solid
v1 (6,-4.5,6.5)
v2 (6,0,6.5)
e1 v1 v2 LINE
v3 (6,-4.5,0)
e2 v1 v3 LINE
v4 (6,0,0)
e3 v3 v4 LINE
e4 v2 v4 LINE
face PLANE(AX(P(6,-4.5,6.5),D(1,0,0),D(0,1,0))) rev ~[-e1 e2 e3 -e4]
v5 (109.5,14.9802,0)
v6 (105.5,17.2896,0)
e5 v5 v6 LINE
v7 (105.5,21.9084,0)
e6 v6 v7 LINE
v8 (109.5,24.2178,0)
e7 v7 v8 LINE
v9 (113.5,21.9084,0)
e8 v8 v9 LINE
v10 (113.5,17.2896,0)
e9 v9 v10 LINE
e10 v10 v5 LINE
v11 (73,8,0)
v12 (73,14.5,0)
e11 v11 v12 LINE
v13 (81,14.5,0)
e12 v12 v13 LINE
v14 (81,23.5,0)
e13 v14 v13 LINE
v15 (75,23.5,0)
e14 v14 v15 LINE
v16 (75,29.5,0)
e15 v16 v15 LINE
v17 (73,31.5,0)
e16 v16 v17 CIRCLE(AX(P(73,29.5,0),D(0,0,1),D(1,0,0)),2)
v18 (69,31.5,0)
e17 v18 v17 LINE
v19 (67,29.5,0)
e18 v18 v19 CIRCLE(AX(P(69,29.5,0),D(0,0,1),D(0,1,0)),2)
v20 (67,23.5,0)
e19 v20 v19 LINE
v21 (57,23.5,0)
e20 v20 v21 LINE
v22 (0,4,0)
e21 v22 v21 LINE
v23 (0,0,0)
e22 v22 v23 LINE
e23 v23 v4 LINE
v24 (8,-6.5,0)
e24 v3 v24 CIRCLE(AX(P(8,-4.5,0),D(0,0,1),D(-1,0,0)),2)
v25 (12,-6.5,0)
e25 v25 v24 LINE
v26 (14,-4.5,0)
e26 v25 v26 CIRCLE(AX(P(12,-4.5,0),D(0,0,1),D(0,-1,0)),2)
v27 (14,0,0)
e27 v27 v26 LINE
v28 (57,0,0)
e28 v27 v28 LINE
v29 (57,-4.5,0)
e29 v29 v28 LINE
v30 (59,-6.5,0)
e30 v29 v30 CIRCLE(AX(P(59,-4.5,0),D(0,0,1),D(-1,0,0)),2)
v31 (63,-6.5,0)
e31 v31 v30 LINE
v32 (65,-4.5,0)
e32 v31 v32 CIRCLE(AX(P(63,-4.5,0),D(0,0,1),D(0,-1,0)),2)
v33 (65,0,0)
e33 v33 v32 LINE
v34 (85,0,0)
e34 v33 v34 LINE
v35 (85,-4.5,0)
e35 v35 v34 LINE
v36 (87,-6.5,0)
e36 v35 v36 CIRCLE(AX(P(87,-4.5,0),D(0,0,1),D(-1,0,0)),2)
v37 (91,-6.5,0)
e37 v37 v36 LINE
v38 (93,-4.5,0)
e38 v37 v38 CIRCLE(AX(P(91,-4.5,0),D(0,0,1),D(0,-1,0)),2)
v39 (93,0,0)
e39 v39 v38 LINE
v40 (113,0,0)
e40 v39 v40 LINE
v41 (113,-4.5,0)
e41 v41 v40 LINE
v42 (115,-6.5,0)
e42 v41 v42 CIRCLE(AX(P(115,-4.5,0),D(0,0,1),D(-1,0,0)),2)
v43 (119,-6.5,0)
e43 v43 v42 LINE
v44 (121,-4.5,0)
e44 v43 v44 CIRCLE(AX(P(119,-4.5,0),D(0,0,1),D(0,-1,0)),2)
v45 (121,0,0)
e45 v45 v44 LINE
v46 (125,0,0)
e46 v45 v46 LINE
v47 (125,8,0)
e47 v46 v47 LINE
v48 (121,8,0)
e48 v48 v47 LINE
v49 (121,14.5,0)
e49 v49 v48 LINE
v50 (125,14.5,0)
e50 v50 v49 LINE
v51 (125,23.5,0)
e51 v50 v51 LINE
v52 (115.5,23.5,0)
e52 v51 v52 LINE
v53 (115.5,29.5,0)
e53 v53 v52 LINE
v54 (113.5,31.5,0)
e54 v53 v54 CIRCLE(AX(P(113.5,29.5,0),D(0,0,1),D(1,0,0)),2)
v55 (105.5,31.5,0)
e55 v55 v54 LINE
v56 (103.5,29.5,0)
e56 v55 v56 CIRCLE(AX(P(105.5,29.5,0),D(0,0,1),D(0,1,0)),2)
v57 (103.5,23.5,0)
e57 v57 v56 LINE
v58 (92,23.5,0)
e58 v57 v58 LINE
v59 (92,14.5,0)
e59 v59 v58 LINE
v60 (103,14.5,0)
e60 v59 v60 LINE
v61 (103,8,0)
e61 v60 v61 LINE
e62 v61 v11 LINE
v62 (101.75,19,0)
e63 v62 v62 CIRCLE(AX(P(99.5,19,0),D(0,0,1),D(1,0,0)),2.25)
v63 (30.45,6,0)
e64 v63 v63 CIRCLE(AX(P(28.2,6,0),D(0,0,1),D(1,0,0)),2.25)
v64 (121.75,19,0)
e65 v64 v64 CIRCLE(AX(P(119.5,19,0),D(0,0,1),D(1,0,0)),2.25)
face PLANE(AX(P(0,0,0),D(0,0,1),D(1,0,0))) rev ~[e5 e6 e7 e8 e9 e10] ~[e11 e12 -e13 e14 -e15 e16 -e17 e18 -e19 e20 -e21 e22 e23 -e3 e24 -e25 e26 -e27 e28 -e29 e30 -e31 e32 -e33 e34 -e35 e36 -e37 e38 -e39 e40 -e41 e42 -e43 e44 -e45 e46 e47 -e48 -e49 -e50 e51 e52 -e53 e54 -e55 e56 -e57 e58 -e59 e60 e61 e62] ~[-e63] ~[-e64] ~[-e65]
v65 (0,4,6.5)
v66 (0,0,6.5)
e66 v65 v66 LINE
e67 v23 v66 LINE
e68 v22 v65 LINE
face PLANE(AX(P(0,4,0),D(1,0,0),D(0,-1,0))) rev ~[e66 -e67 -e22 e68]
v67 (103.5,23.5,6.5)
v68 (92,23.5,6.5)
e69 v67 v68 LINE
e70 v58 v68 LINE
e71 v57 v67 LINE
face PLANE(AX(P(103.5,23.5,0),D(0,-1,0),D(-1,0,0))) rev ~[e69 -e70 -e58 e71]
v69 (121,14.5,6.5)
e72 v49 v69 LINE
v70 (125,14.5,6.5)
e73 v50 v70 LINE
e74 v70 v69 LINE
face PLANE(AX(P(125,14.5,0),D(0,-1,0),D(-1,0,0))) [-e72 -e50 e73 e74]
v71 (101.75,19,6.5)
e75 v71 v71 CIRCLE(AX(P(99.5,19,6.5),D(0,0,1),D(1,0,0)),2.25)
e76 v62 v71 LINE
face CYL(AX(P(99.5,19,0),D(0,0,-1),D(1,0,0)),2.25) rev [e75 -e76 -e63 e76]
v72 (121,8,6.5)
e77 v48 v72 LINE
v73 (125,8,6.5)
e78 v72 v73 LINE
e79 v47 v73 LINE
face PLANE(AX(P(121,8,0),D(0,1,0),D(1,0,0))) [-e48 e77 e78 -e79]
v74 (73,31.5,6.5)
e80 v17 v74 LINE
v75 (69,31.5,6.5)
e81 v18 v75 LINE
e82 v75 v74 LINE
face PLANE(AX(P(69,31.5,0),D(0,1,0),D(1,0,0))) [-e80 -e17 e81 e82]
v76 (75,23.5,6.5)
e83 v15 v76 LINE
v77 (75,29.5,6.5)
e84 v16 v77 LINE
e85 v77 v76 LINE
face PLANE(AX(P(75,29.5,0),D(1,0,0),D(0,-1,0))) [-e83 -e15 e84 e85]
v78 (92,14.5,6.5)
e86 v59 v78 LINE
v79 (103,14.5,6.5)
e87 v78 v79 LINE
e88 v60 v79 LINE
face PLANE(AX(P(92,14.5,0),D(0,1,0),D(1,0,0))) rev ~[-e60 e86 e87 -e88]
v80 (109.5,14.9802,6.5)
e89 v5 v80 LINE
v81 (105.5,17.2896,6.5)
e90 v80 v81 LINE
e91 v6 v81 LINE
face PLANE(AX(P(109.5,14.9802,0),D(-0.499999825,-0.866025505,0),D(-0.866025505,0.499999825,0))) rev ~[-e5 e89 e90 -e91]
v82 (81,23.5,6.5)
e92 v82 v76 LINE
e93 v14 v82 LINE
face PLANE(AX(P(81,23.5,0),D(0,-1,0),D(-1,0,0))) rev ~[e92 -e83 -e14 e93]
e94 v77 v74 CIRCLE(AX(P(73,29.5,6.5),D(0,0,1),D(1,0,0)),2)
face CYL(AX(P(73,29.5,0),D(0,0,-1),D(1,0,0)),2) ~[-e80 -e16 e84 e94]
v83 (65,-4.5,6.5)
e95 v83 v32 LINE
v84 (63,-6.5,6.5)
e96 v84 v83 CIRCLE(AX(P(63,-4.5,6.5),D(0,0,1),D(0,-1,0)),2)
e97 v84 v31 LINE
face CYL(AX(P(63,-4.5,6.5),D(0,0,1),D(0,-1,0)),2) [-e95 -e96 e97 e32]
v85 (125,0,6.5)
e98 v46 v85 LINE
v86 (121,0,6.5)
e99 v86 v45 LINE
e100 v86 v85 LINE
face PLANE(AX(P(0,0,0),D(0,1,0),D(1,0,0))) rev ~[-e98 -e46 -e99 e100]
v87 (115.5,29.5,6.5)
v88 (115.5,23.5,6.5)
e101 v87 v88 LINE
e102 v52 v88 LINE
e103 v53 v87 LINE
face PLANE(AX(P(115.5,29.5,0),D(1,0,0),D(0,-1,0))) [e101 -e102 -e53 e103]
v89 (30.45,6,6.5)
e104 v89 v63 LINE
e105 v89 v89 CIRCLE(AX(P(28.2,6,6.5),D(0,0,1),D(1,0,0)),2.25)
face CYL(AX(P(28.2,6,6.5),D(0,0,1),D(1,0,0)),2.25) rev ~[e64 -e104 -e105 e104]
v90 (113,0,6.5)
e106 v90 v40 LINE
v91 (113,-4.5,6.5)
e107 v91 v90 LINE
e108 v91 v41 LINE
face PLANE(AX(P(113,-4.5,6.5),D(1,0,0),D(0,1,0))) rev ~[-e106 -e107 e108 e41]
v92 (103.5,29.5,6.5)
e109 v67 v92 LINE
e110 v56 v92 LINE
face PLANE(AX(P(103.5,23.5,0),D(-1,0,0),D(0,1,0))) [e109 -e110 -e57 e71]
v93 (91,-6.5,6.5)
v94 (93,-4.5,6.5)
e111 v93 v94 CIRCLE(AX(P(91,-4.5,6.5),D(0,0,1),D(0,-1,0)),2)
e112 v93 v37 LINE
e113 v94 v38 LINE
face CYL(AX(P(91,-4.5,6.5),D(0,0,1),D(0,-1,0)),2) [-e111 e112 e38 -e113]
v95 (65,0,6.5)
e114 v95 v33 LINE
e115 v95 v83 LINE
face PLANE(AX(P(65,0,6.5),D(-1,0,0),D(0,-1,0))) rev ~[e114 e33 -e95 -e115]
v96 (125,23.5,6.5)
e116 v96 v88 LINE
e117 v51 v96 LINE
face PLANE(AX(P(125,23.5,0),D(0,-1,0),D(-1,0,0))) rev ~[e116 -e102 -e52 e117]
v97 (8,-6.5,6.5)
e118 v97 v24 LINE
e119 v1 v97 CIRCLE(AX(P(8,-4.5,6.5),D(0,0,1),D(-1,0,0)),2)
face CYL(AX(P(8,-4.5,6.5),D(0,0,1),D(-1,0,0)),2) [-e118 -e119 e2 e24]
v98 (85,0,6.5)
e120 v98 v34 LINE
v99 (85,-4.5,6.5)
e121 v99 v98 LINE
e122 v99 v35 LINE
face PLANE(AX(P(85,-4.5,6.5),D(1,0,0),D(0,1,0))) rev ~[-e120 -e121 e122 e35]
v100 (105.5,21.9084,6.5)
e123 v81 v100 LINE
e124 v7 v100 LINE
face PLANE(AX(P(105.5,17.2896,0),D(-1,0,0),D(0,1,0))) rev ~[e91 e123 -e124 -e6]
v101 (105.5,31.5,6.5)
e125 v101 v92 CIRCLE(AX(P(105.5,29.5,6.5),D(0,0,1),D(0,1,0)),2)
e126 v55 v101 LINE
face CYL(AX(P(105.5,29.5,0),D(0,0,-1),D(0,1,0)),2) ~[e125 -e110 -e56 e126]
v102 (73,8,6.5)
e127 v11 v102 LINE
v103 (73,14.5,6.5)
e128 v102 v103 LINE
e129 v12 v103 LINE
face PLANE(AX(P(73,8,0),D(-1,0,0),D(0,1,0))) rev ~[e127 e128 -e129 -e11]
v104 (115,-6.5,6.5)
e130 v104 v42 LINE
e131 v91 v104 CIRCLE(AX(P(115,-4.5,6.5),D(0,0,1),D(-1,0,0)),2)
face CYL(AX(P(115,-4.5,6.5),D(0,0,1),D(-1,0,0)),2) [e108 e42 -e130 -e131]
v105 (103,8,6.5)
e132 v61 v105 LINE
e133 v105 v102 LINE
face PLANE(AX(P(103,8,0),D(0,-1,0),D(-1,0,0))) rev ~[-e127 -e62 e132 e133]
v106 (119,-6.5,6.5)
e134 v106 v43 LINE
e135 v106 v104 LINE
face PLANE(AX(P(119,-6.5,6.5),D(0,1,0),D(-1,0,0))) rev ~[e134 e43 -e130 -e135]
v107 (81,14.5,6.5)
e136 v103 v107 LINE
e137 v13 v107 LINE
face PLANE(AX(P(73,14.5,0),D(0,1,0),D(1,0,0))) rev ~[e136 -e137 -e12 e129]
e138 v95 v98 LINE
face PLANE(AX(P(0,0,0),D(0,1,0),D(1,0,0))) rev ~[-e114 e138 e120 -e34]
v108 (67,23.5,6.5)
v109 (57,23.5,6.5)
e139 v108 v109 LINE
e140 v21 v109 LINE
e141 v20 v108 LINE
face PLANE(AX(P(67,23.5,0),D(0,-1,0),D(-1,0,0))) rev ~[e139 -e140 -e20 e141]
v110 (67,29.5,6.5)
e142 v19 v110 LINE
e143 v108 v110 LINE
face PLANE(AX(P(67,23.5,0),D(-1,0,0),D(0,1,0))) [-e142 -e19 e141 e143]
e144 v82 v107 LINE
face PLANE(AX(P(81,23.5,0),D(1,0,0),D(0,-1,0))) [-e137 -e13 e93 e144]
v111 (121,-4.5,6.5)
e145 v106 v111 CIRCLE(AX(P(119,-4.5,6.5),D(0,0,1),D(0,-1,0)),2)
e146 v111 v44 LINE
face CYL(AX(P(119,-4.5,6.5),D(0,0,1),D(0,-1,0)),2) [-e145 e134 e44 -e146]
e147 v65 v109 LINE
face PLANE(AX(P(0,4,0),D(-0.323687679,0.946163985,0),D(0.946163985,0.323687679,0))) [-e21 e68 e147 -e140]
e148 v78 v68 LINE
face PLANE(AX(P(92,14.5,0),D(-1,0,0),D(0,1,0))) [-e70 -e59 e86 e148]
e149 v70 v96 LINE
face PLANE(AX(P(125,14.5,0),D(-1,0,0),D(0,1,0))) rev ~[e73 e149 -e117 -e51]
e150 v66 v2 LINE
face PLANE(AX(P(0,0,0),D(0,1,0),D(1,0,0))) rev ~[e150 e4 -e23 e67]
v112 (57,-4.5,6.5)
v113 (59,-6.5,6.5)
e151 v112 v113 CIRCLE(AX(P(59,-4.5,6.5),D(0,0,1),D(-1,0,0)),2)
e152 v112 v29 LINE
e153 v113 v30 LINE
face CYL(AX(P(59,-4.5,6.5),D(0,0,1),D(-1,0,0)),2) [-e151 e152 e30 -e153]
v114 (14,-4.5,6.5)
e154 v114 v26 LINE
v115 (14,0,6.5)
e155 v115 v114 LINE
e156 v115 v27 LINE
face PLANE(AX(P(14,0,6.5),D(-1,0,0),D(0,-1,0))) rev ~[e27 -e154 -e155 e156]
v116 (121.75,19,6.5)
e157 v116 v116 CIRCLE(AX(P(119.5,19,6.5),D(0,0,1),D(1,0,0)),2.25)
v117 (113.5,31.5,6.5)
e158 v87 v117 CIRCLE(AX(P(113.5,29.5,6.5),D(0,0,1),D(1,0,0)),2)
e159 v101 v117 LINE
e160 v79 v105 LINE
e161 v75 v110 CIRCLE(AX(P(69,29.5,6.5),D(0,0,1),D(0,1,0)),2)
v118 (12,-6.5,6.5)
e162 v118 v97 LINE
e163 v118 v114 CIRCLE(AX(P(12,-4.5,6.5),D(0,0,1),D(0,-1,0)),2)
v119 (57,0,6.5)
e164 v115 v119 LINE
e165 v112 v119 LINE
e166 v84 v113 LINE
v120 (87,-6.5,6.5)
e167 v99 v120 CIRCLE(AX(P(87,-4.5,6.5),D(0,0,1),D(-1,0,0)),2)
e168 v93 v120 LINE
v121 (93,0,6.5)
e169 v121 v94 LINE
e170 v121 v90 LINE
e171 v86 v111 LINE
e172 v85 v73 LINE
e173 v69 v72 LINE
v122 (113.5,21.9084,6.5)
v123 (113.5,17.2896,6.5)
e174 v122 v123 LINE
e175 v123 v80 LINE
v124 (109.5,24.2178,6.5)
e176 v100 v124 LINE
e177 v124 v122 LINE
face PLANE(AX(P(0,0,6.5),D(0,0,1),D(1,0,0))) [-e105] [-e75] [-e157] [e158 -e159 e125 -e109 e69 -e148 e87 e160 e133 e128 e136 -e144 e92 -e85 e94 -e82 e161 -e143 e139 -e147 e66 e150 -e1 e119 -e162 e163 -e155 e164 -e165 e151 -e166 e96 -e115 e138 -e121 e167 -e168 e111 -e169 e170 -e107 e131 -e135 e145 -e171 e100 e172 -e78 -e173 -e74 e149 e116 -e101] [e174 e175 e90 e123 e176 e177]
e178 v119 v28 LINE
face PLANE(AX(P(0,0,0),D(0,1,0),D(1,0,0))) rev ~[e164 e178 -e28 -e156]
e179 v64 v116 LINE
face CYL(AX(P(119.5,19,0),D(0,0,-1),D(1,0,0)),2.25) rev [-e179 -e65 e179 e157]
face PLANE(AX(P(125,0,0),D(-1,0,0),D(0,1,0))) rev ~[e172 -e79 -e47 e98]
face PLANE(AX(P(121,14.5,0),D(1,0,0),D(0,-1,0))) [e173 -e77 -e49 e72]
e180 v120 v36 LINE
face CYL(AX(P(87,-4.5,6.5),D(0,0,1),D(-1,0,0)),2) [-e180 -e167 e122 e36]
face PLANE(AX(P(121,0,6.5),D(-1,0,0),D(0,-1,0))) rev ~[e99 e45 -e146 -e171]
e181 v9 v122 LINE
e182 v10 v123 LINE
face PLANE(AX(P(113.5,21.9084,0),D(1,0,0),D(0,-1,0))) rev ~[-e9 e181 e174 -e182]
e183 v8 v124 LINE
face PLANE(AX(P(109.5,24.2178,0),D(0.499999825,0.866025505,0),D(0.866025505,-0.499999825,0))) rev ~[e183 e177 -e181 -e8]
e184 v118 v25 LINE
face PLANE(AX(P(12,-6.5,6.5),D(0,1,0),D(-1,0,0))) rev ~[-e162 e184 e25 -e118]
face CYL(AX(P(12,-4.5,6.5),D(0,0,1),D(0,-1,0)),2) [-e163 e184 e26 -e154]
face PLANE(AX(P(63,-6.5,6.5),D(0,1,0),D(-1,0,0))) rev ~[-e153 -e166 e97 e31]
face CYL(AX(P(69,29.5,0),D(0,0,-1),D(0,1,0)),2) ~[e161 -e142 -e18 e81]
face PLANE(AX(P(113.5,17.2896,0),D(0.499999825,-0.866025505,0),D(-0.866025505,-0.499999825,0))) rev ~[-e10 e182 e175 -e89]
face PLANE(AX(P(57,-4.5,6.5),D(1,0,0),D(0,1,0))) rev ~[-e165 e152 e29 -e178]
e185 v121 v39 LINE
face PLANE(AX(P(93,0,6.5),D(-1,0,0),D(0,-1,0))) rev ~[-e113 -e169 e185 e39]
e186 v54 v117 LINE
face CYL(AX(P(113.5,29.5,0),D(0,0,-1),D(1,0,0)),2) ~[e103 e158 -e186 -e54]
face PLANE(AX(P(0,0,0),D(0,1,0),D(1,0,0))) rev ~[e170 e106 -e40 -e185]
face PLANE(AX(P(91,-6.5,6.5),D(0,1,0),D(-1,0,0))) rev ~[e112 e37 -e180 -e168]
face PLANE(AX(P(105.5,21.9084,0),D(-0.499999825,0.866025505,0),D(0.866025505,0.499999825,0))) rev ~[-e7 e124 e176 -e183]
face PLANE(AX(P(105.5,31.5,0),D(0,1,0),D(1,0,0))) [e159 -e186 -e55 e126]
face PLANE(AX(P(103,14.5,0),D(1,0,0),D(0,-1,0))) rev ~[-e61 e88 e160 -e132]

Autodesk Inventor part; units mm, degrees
ref_plane "YZ Plane" through (0, 0, 0) normal (1, 0, 0) x (0, 1, 0)
ref_plane "XZ Plane" through (0, 0, 0) normal (0, 1, 0) x (-1, 0, 0)
ref_plane "XY Plane" through (0, 0, 0) normal (0, 0, 1) x (1, 0, 0)
sketch "Sketch1" plane through (0, 0, 0) normal (0, 0, 1) x (1, 0, 0)
  line L0 (0, 4) -> (0, 0)
  line L1 (0, 0) -> (125, 0)
  line L2 (0, 4) -> (57, 23.5)
  line L3 (103, 14.5) -> (103, 8)
  line L4 (103, 8) -> (73, 8)
  line L5 (73, 8) -> (73, 14.5)
  line L6 (125, 14.5) -> (121, 14.5)
  line L7 (121, 14.5) -> (121, 8)
  line L8 (121, 8) -> (125, 8)
  line L9 (125, 0) -> (125, 8)
  line L10 (125, 14.5) -> (125, 23.5)
  line L11 (81, 23.5) -> (81, 14.5)
  line L12 (92, 14.5) -> (92, 23.5)
  line L13 (73, 14.5) -> (81, 14.5)
  line L14 (92, 14.5) -> (103, 14.5)
  line L15 (81, 14.5) -> (92, 14.5) construction
  circle A0 centre (86.5, 19.599) radius 7.5 construction
  circle A1 centre (86.5, 19.599) radius 4 construction
  line L16 (113.5, 21.9084) -> (113.5, 17.2896)
  line L17 (113.5, 17.2896) -> (109.5, 14.9802)
  line L18 (109.5, 14.9802) -> (105.5, 17.2896)
  line L19 (105.5, 17.2896) -> (105.5, 21.9084)
  line L20 (105.5, 21.9084) -> (109.5, 24.2178)
  line L21 (109.5, 24.2178) -> (113.5, 21.9084)
  circle A2 centre (109.5, 19.599) radius 2.5 construction
  line L22 (103.5, 23.5) -> (103.5, 29.5)
  line L23 (105.5, 31.5) -> (113.5, 31.5)
  line L24 (115.5, 29.5) -> (115.5, 23.5)
  arc A3 (105.5, 31.5) -> (103.5, 29.5) centre (105.5, 29.5) ccw
  arc A4 (115.5, 29.5) -> (113.5, 31.5) centre (113.5, 29.5) ccw
  line L25 (125, 23.5) -> (115.5, 23.5)
  line L26 (103.5, 23.5) -> (92, 23.5)
  circle A5 centre (99.5, 19) radius 4.5 construction
  circle A6 centre (119.5, 19) radius 4.5 construction
  circle A7 centre (99.5, 19) radius 2.25
  circle A8 centre (119.5, 19) radius 2.25
  line L27 (67, 23.5) -> (67, 29.5)
  line L28 (69, 31.5) -> (73, 31.5)
  line L29 (75, 29.5) -> (75, 23.5)
  arc A9 (69, 31.5) -> (67, 29.5) centre (69, 29.5) ccw
  arc A10 (75, 29.5) -> (73, 31.5) centre (73, 29.5) ccw
  line L30 (81, 23.5) -> (75, 23.5)
  line L31 (67, 23.5) -> (57, 23.5)
  point P0 (81, 14.5)
  point P1 (92, 14.5)
  point P2 (86.5, 14.5)
  point P3 (125, 19)
  point P4 (109.5, 31.5)
  dimension "d0" = 8
  dimension "d2" = 6.5
  dimension "d3" = 4
  dimension "d4" = 15
  dimension "d5" = 8
  dimension "d6" = 9
  dimension "d7" = 11
  dimension "d8" = 11
  dimension "d9" = 8
  dimension "d10" = 5
  dimension "d11" = 2
  dimension "d12" = 12
  dimension "d13" = 9
  dimension "d14" = 9
  dimension "d15" = 10
  dimension "d16" = 10
  dimension "d17" = 4.5
  dimension "d18" = 4.5
  dimension "d19" = 13
  dimension "d20" = 5.5
  dimension "d21" = 18
  dimension "d22" = 2
  dimension "d23" = 8
  dimension "d24" = 6
  dimension "d25" = 10
  dimension "d27" = 30
  dimension "d28" = 4
  dimension "d30" = 8
  dimension "d31" = 125
extrude "Extrusion1" add sketch "Sketch1" along normal blind 6.5
sketch "Sketch2" plane through (0, 0, 6.5) normal (0, 0, 1) x (1, 0, 0)
  line L0 (0, 4) -> (0, 0) projected
  line L1 (0, 0) -> (125, 0) projected
  line L2 (6, 0) -> (14, 0)
  line L3 (14, 0) -> (14, -4.5)
  line L4 (12, -6.5) -> (8, -6.5)
  line L5 (6, -4.5) -> (6, 0)
  line L6 (57, 0) -> (65, 0)
  line L7 (65, 0) -> (65, -4.5)
  line L8 (63, -6.5) -> (59, -6.5)
  line L9 (57, -4.5) -> (57, 0)
  line L10 (85, 0) -> (93, 0)
  line L11 (93, 0) -> (93, -4.5)
  line L12 (91, -6.5) -> (87, -6.5)
  line L13 (85, -4.5) -> (85, 0)
  line L14 (113, 0) -> (121, 0)
  line L15 (121, 0) -> (121, -4.5)
  line L16 (119, -6.5) -> (115, -6.5)
  line L17 (113, -4.5) -> (113, 0)
  arc A0 (6, -4.5) -> (8, -6.5) centre (8, -4.5) ccw
  arc A1 (12, -6.5) -> (14, -4.5) centre (12, -4.5) ccw
  arc A2 (57, -4.5) -> (59, -6.5) centre (59, -4.5) ccw
  arc A3 (63, -6.5) -> (65, -4.5) centre (63, -4.5) ccw
  arc A4 (85, -4.5) -> (87, -6.5) centre (87, -4.5) ccw
  arc A5 (91, -6.5) -> (93, -4.5) centre (91, -4.5) ccw
  arc A6 (113, -4.5) -> (115, -6.5) centre (115, -4.5) ccw
  arc A7 (119, -6.5) -> (121, -4.5) centre (119, -4.5) ccw
  dimension "d34" = 2
  dimension "d35" = 8
  dimension "d36" = 8
  dimension "d37" = 8
  dimension "d38" = 8
  dimension "d39" = 6.5
  dimension "d40" = 6
  dimension "d41" = 43
  dimension "d42" = 20
  dimension "d43" = 20
extrude "Extrusion2" add sketch "Sketch2" against normal blind 6.5
sketch "Sketch3" plane through (0, 0, 6.5) normal (0, 0, 1) x (1, 0, 0)
  line L0 (0, 4) -> (0, 0) projected
  line L1 (14, 0) -> (57, 0) projected
  circle A0 centre (28.2, 6) radius 2.25
  circle A1 centre (28.2, 6) radius 4.5 construction
  dimension "d46" = 4.5
  dimension "d47" = 6
  dimension "d48" = 28.2
  dimension "d51" = 9
extrude "Extrusion3" cut sketch "Sketch3" against normal through all
properties part number "x_motor_wall_upper"
